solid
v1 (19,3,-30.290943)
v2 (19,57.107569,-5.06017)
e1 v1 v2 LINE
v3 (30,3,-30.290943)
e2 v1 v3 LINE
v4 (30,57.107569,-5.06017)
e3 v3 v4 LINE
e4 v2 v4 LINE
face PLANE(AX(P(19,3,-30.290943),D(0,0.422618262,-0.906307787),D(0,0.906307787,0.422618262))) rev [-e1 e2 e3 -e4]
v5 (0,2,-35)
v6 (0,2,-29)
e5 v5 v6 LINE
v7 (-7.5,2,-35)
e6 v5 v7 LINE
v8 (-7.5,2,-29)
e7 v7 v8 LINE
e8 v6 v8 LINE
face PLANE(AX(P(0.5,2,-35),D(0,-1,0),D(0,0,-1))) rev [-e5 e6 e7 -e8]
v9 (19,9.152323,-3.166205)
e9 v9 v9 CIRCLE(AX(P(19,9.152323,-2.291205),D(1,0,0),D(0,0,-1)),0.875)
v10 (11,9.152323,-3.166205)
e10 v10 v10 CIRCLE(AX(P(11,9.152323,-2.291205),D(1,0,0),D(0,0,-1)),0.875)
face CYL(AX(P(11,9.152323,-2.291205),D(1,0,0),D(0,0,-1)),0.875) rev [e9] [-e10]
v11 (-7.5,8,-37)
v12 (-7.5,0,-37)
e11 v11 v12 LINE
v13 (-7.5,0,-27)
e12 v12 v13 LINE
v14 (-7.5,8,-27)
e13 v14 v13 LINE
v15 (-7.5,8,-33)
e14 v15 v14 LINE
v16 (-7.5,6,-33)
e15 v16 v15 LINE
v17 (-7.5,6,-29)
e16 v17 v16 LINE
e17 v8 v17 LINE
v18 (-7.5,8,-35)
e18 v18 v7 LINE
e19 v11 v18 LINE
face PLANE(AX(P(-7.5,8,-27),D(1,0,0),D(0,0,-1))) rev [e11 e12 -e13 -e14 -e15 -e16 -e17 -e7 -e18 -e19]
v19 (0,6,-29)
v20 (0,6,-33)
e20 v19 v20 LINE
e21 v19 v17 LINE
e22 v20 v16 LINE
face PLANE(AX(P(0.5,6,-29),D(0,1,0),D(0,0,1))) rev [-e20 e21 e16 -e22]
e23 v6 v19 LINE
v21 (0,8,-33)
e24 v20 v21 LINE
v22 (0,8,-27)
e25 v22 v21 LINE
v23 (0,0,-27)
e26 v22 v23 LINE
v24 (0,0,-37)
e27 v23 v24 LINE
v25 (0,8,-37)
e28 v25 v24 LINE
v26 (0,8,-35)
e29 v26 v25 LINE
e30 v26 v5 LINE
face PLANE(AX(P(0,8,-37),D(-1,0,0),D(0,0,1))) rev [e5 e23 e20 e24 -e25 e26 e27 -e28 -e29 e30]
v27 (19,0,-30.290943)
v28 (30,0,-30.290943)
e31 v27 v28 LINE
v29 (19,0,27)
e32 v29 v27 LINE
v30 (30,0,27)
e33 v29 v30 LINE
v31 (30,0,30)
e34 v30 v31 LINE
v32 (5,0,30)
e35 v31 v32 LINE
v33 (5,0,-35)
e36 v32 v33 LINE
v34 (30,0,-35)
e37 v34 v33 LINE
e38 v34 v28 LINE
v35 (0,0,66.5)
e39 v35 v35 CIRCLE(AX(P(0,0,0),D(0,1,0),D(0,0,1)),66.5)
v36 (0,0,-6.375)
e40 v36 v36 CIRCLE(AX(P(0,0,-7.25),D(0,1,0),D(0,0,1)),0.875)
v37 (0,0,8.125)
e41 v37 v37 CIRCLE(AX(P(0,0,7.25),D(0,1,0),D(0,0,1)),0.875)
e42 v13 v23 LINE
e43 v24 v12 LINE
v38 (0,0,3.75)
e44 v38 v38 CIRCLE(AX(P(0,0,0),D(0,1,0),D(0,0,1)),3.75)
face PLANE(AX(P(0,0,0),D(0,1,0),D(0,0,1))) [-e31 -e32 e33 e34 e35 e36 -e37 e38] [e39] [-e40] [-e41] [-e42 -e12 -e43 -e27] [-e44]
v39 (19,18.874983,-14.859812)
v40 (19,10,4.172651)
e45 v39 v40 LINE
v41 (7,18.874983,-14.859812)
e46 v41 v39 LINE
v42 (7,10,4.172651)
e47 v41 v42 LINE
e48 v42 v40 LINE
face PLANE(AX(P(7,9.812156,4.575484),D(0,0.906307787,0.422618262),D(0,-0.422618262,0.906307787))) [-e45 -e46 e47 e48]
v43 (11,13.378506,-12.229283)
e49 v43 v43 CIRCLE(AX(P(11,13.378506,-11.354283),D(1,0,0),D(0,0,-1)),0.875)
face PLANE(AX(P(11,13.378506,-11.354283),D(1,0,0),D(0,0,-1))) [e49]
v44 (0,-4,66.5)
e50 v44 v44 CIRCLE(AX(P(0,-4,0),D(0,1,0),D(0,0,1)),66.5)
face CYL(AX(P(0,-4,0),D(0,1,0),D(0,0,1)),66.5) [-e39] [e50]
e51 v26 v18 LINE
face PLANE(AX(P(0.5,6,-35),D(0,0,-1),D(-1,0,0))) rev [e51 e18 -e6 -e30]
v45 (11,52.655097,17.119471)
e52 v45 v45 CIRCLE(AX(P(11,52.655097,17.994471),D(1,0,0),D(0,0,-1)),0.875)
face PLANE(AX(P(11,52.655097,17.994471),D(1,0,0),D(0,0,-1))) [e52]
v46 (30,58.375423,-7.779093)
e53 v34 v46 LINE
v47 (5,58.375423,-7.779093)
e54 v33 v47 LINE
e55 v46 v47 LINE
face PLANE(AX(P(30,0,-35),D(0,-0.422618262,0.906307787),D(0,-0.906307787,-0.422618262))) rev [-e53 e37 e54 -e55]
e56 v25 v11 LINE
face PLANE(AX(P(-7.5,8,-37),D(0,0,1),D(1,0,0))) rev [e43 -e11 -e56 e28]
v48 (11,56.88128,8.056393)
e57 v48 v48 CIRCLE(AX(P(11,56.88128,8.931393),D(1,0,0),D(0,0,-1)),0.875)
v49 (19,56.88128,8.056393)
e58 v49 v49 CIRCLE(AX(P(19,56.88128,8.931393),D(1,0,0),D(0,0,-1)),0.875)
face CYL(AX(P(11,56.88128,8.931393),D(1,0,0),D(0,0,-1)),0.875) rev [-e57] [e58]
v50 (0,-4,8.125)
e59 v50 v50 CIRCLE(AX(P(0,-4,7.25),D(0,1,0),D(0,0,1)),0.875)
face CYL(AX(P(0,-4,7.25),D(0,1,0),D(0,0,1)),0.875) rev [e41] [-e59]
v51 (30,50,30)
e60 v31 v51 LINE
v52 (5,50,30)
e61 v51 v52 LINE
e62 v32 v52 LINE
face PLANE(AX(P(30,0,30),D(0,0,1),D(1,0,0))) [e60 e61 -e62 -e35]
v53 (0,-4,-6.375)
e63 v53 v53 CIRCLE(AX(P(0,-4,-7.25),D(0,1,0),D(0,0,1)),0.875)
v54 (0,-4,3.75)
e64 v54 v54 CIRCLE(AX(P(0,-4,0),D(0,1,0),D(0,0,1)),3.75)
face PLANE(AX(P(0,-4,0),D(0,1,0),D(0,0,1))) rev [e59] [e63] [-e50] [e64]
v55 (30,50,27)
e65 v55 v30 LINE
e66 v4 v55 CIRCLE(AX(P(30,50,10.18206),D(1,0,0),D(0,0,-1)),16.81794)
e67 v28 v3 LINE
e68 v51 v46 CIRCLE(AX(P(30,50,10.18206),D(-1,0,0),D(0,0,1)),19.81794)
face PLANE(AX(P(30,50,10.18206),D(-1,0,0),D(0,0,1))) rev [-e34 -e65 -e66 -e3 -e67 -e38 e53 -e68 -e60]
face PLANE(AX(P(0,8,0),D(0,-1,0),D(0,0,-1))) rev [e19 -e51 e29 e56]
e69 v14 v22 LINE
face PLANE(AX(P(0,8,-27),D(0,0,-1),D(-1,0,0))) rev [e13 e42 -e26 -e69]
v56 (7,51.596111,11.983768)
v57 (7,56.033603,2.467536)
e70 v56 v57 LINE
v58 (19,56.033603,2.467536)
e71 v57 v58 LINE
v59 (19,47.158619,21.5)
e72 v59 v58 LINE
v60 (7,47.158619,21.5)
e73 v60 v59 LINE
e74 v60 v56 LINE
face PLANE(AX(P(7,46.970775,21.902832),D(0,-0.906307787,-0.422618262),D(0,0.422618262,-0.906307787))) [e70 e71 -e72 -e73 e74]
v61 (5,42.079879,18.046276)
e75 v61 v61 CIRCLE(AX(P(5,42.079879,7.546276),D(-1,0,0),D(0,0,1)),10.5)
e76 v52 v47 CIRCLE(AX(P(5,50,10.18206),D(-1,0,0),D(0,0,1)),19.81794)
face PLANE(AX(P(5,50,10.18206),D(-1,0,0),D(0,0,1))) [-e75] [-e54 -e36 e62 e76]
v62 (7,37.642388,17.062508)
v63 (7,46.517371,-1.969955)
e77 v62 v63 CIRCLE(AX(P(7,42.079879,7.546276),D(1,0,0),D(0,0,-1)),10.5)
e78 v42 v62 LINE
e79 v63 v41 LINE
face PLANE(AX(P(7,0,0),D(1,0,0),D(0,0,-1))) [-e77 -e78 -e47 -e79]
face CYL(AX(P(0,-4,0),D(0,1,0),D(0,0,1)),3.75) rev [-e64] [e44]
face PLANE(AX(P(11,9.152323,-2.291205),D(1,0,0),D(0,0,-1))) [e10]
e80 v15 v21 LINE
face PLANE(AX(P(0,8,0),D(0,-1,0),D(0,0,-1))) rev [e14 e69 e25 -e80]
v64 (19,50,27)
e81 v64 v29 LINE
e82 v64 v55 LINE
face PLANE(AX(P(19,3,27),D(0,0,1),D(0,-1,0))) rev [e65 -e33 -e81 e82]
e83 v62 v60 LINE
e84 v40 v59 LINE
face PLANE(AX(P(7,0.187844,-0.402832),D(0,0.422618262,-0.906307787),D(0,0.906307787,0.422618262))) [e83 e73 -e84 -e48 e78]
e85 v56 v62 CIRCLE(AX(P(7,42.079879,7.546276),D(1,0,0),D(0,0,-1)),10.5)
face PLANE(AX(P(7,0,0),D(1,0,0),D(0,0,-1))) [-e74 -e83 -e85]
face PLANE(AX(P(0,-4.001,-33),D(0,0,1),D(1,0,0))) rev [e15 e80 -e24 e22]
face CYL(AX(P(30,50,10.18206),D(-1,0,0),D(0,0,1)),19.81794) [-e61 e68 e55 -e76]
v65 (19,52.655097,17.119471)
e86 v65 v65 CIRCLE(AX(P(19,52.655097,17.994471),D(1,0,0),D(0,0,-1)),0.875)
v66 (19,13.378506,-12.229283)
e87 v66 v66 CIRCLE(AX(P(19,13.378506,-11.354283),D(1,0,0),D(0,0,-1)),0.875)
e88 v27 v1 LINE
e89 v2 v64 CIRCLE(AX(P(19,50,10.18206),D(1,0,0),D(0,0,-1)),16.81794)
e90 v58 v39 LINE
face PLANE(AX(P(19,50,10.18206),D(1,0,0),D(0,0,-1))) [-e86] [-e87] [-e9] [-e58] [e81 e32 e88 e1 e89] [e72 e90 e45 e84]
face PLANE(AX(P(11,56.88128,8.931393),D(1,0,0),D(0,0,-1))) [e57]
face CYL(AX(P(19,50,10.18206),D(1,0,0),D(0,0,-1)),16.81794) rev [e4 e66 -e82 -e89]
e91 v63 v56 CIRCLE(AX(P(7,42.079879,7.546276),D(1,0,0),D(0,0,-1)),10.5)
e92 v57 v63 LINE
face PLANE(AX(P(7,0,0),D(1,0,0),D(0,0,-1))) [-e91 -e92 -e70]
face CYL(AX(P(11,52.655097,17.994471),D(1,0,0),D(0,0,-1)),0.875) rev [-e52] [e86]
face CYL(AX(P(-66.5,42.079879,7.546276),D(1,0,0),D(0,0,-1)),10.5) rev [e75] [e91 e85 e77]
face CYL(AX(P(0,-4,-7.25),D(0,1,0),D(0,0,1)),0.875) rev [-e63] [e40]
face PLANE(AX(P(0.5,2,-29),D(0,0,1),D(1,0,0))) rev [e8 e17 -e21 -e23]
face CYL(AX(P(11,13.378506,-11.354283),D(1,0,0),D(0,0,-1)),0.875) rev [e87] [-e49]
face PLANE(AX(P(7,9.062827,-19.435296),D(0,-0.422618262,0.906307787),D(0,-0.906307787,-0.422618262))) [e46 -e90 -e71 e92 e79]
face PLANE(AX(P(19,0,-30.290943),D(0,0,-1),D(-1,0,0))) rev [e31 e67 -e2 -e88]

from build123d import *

# Parameters (mm, degrees)
SKETCH1_R           = 66.5
SKETCH1_R_2         = 3.75
SKETCH1_R_3         = 0.875
BOSS_EXTRUDE1_DEPTH = 4
BOSS_EXTRUDE2_DEPTH = 25
CUT_EXTRUDE1_DEPTH  = 11
CUT_EXTRUDE2_DEPTH  = 12
SKETCH6_3_R         = 0.875
CUT_EXTRUDE3_DEPTH  = 8
SKETCH7_R           = 10.5
CUT_EXTRUDE4_DEPTH  = 122.239616981
SKETCH8_W           = 7.5
SKETCH8_H           = 10
BOSS_EXTRUDE3_DEPTH = 8
SKETCH9_W           = 6
SKETCH9_H           = 4
CUT_EXTRUDE5_DEPTH  = 8
CUT_EXTRUDE6_REACH  = 114.543
SKETCH10_W          = 7.5
SKETCH10_H          = 2


with BuildPart() as part:
    # Sketch1 → Boss-Extrude1 (new body)
    with BuildSketch(Plane(origin=(0, 0, 0), x_dir=(1, 0, 0), z_dir=(0, 1, 0))):
        Circle(SKETCH1_R)
        Circle(SKETCH1_R_2, mode=Mode.SUBTRACT)
        with Locations((0, -7.25)):
            Circle(SKETCH1_R_3, mode=Mode.SUBTRACT)
        with Locations((0, 7.25)):
            Circle(SKETCH1_R_3, mode=Mode.SUBTRACT)
    extrude(amount=-BOSS_EXTRUDE1_DEPTH)

    # Sketch4 → Boss-Extrude2 (add)
    with BuildSketch(Plane(origin=(5, 0, 0), x_dir=(0, 0, -1), z_dir=(1, 0, 0))):
        with BuildLine():
            Line((0, 0), (35, 0))
            Line((35, 0), (7.77909307, 58.375423293))
            ThreePointArc((7.77909307, 58.375423293), (-14.471447396, 69.348175551), (-30, 50))
            Line((-30, 50), (-30, 0))
            Line((-30, 0), (0, 0))
        make_face()
    extrude(amount=BOSS_EXTRUDE2_DEPTH)

    # Sketch5 → Cut-Extrude1 (cut)
    with BuildSketch(Plane(origin=(30, 0, 0), x_dir=(0, 0, -1), z_dir=(1, 0, 0))):
        with BuildLine():
            Line((-27, 3), (-27, 0))
            Line((-27, 0), (30.290943269, 0))
            Line((30.290943269, 0), (30.290943269, 3))
            Line((30.290943269, 3), (5.060169709, 57.107568508))
            ThreePointArc((5.060169709, 57.107568508), (-13.822128554, 66.419287529), (-27, 50))
            Line((-27, 50), (-27, 3))
        make_face()
    extrude(amount=-CUT_EXTRUDE1_DEPTH, mode=Mode.SUBTRACT)

    # Sketch6 → Cut-Extrude2 (cut)
    with BuildSketch(Plane(origin=(19, 0, 0), x_dir=(0, 0, -1), z_dir=(1, 0, 0))):
        Polygon((-21.5, 47.158619269), (-4.172651269, 10), (14.859812259, 18.874983497), (-2.467536472, 56.033602765), align=None)
    extrude(amount=-CUT_EXTRUDE2_DEPTH, mode=Mode.SUBTRACT)

    # Sketch6<3> → Cut-Extrude3 (cut)
    with BuildSketch(Plane(origin=(19, 0, 0), x_dir=(0, 0, -1), z_dir=(1, 0, 0))):
        with Locations((-17.994471087, 52.655096963)):
            Circle(SKETCH6_3_R)
        with Locations((-8.931393217, 56.88127958)):
            Circle(SKETCH6_3_R)
        with Locations((11.354283347, 13.378505802)):
            Circle(SKETCH6_3_R)
        with Locations((2.291205476, 9.152323185)):
            Circle(SKETCH6_3_R)
    extrude(amount=-CUT_EXTRUDE3_DEPTH, mode=Mode.SUBTRACT)

    # Sketch7 → Cut-Extrude4 (cut, through all)
    with BuildSketch(Plane(origin=(7, 0, 0), x_dir=(0, 0, -1), z_dir=(1, 0, 0))):
        with Locations((-7.546276488, 42.079879253)):
            Circle(SKETCH7_R)
    extrude(amount=-CUT_EXTRUDE4_DEPTH, mode=Mode.SUBTRACT)

    # Sketch8 → Boss-Extrude3 (add)
    with BuildSketch(Plane(origin=(0, 0, 0), x_dir=(1, 0, 0), z_dir=(0, 1, 0))):
        with Locations((-3.75, 32)):
            Rectangle(SKETCH8_W, SKETCH8_H)
    extrude(amount=BOSS_EXTRUDE3_DEPTH)

    # Sketch9 → Cut-Extrude5 (cut)
    with BuildSketch(Plane.ZY.offset(7.5)):
        with Locations((-32, 4)):
            Rectangle(SKETCH9_W, SKETCH9_H)
    extrude(amount=-CUT_EXTRUDE5_DEPTH, mode=Mode.SUBTRACT)

    # Sketch10 → Cut-Extrude6 (cut, up to next)
    with BuildSketch(Plane(origin=(0, 8, 0), x_dir=(1, 0, 0), z_dir=(0, 1, 0)), mode=Mode.PRIVATE) as cut_extrude6_sk1:
        with Locations((-3.75, 34)):
            Rectangle(SKETCH10_W, SKETCH10_H)
    cut_extrude6_tool1 = extrude(cut_extrude6_sk1.sketch, amount=-CUT_EXTRUDE6_REACH, mode=Mode.PRIVATE) & part.part
    add(cut_extrude6_tool1.solids().sort_by_distance((-3.75, 8, -34))[0], mode=Mode.SUBTRACT)


solid = part.part
